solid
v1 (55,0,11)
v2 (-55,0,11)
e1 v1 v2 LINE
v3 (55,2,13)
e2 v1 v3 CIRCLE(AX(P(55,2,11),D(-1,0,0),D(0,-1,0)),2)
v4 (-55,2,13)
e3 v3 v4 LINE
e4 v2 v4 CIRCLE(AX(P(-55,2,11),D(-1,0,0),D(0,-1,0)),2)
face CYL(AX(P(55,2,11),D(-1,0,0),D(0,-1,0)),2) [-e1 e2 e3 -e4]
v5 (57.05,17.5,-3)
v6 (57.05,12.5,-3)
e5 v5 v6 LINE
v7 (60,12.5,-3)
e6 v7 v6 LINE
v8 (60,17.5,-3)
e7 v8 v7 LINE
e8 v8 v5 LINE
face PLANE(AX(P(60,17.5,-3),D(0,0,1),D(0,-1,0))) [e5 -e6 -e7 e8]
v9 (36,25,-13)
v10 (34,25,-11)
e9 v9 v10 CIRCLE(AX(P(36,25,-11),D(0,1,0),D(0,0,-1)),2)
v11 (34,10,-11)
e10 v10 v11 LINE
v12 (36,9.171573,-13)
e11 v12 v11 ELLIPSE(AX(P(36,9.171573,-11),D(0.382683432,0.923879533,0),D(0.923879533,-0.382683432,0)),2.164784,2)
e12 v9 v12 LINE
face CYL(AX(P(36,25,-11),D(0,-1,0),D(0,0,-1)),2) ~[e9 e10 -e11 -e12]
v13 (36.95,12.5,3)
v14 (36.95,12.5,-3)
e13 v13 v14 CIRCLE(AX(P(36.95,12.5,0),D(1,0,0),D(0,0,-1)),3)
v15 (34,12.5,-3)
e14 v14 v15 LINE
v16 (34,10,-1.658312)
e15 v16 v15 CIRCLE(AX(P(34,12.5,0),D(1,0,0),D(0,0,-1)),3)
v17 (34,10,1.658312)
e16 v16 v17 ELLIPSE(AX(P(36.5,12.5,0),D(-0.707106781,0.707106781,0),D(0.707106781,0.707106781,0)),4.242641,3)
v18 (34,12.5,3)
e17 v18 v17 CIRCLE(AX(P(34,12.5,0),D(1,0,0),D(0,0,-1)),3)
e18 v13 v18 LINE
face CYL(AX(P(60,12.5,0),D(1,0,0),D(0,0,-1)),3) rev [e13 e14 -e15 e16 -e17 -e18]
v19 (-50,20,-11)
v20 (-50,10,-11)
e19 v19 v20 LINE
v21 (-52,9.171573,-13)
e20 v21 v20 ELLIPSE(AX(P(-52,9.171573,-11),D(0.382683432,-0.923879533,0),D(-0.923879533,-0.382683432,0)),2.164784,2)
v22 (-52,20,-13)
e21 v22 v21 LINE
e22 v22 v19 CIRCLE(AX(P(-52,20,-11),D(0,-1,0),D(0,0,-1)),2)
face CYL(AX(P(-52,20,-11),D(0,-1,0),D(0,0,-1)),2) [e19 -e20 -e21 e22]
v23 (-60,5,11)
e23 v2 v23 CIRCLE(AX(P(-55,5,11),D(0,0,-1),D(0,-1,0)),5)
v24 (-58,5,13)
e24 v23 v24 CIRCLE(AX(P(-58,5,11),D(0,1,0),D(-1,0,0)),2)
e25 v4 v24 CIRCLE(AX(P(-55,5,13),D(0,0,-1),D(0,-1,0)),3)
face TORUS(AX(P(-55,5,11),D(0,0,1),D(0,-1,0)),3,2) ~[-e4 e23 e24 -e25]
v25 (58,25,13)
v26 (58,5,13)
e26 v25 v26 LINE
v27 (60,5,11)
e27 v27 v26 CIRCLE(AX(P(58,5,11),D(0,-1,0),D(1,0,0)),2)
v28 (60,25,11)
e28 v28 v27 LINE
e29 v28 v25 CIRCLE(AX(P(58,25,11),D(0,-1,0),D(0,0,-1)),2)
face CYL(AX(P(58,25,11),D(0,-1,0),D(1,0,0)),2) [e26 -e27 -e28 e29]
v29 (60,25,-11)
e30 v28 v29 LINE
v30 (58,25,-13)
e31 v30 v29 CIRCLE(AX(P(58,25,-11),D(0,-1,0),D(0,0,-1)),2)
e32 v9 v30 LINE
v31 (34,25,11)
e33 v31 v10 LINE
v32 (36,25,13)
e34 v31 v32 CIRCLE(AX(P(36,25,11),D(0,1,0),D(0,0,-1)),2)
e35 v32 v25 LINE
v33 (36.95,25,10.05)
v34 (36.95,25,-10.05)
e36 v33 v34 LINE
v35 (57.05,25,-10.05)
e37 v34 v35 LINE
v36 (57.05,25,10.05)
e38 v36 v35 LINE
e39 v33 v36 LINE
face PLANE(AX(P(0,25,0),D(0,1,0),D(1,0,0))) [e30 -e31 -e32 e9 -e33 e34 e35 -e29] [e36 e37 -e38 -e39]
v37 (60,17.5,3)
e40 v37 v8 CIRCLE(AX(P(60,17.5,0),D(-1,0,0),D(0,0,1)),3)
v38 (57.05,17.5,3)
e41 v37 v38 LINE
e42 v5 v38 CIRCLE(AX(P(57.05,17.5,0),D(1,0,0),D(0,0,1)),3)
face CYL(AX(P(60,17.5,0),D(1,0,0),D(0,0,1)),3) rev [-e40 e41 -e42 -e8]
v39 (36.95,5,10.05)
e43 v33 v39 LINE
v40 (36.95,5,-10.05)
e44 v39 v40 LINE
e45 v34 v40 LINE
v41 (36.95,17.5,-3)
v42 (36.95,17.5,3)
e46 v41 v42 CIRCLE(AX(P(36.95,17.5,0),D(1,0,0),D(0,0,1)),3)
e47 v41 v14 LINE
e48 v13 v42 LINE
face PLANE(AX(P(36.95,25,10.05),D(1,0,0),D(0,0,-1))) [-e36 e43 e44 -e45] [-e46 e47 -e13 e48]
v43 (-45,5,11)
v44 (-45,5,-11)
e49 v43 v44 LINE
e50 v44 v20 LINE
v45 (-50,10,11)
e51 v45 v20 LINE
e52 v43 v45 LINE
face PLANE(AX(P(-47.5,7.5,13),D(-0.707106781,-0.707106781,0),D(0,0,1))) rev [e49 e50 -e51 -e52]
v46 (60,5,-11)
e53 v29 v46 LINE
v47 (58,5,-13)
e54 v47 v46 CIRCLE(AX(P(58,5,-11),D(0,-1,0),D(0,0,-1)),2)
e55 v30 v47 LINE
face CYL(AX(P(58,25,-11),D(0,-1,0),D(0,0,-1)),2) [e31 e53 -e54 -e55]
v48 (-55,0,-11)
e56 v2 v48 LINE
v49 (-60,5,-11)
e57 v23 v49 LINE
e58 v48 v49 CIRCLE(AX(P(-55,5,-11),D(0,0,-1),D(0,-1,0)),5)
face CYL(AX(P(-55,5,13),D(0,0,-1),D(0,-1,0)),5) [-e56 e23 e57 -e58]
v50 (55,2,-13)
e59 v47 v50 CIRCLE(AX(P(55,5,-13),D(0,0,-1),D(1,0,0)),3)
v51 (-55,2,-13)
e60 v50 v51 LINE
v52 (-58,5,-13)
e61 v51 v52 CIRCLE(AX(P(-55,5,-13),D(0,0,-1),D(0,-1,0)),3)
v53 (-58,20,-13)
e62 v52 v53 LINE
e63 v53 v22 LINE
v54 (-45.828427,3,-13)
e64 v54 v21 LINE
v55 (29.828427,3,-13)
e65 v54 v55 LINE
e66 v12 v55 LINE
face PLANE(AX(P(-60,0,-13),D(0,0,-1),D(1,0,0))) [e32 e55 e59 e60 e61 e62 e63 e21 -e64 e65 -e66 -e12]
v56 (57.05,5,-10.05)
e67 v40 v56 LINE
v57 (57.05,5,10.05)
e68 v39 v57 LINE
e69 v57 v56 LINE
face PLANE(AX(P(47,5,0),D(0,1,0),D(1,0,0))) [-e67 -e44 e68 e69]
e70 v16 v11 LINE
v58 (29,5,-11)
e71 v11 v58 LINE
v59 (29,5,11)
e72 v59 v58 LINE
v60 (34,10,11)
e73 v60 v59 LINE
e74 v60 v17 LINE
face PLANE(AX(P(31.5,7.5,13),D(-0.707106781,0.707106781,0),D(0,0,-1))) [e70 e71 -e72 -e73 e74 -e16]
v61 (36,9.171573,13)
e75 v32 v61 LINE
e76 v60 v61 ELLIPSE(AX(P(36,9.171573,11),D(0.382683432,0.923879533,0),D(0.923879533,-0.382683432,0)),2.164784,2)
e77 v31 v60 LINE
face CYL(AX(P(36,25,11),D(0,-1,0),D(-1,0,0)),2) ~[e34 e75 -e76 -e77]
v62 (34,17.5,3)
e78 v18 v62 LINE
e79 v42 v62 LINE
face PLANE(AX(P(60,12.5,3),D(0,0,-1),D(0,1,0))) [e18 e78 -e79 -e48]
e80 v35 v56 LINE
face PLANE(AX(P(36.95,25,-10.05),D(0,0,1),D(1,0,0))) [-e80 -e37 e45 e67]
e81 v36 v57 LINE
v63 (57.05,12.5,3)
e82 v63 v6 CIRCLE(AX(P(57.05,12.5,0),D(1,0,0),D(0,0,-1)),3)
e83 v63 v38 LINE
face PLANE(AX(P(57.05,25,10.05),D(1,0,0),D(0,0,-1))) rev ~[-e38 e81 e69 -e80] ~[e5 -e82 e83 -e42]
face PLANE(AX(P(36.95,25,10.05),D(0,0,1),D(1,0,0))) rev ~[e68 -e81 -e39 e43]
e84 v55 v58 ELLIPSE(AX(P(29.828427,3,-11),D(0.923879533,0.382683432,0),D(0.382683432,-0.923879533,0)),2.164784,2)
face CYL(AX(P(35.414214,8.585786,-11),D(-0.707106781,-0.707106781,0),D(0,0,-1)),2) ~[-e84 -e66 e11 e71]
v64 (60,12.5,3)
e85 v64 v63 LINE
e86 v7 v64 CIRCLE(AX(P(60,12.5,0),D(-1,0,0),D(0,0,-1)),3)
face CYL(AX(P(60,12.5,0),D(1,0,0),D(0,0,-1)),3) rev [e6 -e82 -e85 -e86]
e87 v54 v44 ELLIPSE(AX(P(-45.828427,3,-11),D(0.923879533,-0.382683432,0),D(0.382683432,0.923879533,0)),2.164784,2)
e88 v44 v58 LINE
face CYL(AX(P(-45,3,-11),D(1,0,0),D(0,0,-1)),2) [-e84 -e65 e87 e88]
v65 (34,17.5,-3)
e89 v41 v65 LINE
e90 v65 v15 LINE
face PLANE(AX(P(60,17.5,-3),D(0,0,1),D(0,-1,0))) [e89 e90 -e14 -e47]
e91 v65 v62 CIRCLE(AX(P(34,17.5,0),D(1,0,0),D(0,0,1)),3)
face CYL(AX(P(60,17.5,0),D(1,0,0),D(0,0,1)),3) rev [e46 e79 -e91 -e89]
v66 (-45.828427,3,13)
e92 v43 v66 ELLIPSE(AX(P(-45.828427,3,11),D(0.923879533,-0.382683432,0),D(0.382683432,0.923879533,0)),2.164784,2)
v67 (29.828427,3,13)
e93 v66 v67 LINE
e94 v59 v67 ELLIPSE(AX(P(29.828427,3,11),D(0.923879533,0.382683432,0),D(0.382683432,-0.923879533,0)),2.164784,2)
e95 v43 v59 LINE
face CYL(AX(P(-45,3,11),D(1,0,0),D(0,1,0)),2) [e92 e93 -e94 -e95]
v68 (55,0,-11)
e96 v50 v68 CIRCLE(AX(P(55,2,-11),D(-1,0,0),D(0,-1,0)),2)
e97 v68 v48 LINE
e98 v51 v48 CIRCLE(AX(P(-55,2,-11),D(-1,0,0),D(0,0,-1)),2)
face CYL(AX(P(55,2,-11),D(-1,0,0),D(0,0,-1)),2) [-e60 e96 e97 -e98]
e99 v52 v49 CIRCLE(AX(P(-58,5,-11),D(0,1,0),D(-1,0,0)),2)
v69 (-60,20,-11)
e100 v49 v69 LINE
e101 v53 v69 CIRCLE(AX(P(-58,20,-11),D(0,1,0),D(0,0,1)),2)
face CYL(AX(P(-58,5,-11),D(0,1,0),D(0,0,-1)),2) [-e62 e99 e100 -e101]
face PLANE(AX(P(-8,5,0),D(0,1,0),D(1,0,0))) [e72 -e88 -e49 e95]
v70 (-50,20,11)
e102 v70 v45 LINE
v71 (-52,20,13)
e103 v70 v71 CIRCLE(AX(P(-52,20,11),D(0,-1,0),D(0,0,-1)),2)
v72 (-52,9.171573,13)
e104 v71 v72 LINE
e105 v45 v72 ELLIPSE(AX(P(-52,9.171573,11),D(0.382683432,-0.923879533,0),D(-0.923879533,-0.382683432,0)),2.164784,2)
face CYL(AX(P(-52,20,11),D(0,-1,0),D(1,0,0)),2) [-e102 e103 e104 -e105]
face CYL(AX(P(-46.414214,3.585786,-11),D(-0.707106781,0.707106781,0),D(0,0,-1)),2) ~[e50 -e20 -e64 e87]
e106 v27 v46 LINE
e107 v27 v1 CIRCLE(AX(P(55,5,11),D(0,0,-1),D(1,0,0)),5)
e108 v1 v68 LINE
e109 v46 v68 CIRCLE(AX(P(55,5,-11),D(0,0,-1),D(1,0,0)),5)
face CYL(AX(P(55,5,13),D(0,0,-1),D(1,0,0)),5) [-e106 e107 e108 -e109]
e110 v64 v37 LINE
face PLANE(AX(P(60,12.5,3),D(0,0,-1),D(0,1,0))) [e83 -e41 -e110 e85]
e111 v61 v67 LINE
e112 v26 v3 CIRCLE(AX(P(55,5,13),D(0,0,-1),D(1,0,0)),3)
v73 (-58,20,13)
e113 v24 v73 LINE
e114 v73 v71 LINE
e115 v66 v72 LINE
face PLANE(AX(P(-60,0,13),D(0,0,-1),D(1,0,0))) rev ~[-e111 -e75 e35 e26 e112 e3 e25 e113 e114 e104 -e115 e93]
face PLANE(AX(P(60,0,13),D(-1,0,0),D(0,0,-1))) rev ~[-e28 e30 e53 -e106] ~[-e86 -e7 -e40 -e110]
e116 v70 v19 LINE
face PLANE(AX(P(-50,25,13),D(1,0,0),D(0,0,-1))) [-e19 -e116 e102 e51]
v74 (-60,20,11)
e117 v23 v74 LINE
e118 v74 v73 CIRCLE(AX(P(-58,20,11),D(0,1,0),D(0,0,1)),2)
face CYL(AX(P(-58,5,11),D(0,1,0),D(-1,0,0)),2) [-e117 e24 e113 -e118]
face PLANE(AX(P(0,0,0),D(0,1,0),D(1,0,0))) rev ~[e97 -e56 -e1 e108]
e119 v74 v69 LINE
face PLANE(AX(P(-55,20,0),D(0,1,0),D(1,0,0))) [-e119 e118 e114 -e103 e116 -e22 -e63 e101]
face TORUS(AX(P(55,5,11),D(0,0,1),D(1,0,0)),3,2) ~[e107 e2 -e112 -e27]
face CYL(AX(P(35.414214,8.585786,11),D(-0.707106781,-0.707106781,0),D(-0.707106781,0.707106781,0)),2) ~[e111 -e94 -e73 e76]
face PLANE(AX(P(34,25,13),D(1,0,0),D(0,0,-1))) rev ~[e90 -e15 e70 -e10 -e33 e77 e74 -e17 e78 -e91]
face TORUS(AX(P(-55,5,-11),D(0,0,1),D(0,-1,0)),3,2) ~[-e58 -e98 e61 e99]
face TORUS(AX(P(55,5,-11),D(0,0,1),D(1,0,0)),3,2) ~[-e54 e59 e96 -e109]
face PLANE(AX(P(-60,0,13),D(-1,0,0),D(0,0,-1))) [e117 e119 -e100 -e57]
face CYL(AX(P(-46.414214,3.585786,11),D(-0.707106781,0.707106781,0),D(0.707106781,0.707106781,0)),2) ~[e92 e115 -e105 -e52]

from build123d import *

# Parameters (mm, degrees)
SKETCH1_W           = 120
SKETCH1_H           = 26
BOSS_EXTRUDE1_DEPTH = 25
SKETCH3_W           = 84
SKETCH3_H           = 26
CUT_EXTRUDE1_DEPTH  = 20
SKETCH4_W           = 10
SKETCH4_H           = 26
CUT_EXTRUDE2_DEPTH  = 5
CHAMFER1_SIZE       = 5
SKETCH5_W           = 20.1
SKETCH5_H           = 20.1
CUT_EXTRUDE3_DEPTH  = 20
FILLET1_R           = 5
FILLET2_R           = 2
CUT_EXTRUDE4_DEPTH  = 30


with BuildPart() as part:
    # Sketch1 → Boss-Extrude1 (new body)
    with BuildSketch(Plane(origin=(0, 0, 0), x_dir=(1, 0, 0), z_dir=(0, 1, 0))):
        Rectangle(SKETCH1_W, SKETCH1_H)
    extrude(amount=BOSS_EXTRUDE1_DEPTH)

    # Sketch3 → Cut-Extrude1 (cut)
    with BuildSketch(Plane(origin=(0, 25, 0), x_dir=(1, 0, 0), z_dir=(0, 1, 0))):
        with Locations((-8, 0)):
            Rectangle(SKETCH3_W, SKETCH3_H)
    extrude(amount=-CUT_EXTRUDE1_DEPTH, mode=Mode.SUBTRACT)

    # Sketch4 → Cut-Extrude2 (cut)
    with BuildSketch(Plane(origin=(0, 25, 0), x_dir=(1, 0, 0), z_dir=(0, 1, 0))):
        with Locations((-55, 0)):
            Rectangle(SKETCH4_W, SKETCH4_H)
    extrude(amount=-CUT_EXTRUDE2_DEPTH, mode=Mode.SUBTRACT)

    # Chamfer1
    chamfer1_edges = [part.edges().sort_by_distance(p)[0] for p in [
        (-50, 5, 0),
        (34, 5, 0),
    ]]
    chamfer(chamfer1_edges, length=CHAMFER1_SIZE)

    # Sketch5 → Cut-Extrude3 (cut)
    with BuildSketch(Plane(origin=(0, 25, 0), x_dir=(1, 0, 0), z_dir=(0, 1, 0))):
        with Locations((47, 0)):
            Rectangle(SKETCH5_W, SKETCH5_H)
    extrude(amount=-CUT_EXTRUDE3_DEPTH, mode=Mode.SUBTRACT)

    # Fillet1
    fillet1_edges = [part.edges().sort_by_distance(p)[0] for p in [
        (60, 0, 0),
        (-60, 0, 0),
    ]]
    fillet(fillet1_edges, radius=FILLET1_R)

    # Fillet2
    fillet2_edges = [part.edges().sort_by_distance(p)[0] for p in [
        (-60, 12.5, -13),
        (-60, 12.5, 13),
        (-8, 5, 13),
        (-8, 5, -13),
        (-50, 15, 13),
        (-50, 15, -13),
        (34, 17.5, -13),
        (34, 17.5, 13),
        (-47.5, 7.5, 13),
        (-47.5, 7.5, -13),
        (31.5, 7.5, -13),
        (31.5, 7.5, 13),
        (0, 0, -13),
        (-58.535533906, 1.464466094, -13),
        (58.535533906, 1.464466094, -13),
        (0, 0, 13),
        (-58.535533906, 1.464466094, 13),
        (58.535533906, 1.464466094, 13),
        (60, 15, -13),
        (60, 15, 13),
    ]]
    fillet(fillet2_edges, radius=FILLET2_R)

    # Sketch6 → Cut-Extrude4 (cut)
    with BuildSketch(Plane(origin=(60, 0, 0), x_dir=(0, 0, -1), z_dir=(1, 0, 0))):
        with BuildLine():
            Line((3, 17.5), (3, 12.5))
            ThreePointArc((3, 12.5), (0, 9.5), (-3, 12.5))
            Line((-3, 12.5), (-3, 17.5))
            ThreePointArc((-3, 17.5), (0, 20.5), (3, 17.5))
        make_face()
    extrude(amount=-CUT_EXTRUDE4_DEPTH, mode=Mode.SUBTRACT)


solid = part.part
